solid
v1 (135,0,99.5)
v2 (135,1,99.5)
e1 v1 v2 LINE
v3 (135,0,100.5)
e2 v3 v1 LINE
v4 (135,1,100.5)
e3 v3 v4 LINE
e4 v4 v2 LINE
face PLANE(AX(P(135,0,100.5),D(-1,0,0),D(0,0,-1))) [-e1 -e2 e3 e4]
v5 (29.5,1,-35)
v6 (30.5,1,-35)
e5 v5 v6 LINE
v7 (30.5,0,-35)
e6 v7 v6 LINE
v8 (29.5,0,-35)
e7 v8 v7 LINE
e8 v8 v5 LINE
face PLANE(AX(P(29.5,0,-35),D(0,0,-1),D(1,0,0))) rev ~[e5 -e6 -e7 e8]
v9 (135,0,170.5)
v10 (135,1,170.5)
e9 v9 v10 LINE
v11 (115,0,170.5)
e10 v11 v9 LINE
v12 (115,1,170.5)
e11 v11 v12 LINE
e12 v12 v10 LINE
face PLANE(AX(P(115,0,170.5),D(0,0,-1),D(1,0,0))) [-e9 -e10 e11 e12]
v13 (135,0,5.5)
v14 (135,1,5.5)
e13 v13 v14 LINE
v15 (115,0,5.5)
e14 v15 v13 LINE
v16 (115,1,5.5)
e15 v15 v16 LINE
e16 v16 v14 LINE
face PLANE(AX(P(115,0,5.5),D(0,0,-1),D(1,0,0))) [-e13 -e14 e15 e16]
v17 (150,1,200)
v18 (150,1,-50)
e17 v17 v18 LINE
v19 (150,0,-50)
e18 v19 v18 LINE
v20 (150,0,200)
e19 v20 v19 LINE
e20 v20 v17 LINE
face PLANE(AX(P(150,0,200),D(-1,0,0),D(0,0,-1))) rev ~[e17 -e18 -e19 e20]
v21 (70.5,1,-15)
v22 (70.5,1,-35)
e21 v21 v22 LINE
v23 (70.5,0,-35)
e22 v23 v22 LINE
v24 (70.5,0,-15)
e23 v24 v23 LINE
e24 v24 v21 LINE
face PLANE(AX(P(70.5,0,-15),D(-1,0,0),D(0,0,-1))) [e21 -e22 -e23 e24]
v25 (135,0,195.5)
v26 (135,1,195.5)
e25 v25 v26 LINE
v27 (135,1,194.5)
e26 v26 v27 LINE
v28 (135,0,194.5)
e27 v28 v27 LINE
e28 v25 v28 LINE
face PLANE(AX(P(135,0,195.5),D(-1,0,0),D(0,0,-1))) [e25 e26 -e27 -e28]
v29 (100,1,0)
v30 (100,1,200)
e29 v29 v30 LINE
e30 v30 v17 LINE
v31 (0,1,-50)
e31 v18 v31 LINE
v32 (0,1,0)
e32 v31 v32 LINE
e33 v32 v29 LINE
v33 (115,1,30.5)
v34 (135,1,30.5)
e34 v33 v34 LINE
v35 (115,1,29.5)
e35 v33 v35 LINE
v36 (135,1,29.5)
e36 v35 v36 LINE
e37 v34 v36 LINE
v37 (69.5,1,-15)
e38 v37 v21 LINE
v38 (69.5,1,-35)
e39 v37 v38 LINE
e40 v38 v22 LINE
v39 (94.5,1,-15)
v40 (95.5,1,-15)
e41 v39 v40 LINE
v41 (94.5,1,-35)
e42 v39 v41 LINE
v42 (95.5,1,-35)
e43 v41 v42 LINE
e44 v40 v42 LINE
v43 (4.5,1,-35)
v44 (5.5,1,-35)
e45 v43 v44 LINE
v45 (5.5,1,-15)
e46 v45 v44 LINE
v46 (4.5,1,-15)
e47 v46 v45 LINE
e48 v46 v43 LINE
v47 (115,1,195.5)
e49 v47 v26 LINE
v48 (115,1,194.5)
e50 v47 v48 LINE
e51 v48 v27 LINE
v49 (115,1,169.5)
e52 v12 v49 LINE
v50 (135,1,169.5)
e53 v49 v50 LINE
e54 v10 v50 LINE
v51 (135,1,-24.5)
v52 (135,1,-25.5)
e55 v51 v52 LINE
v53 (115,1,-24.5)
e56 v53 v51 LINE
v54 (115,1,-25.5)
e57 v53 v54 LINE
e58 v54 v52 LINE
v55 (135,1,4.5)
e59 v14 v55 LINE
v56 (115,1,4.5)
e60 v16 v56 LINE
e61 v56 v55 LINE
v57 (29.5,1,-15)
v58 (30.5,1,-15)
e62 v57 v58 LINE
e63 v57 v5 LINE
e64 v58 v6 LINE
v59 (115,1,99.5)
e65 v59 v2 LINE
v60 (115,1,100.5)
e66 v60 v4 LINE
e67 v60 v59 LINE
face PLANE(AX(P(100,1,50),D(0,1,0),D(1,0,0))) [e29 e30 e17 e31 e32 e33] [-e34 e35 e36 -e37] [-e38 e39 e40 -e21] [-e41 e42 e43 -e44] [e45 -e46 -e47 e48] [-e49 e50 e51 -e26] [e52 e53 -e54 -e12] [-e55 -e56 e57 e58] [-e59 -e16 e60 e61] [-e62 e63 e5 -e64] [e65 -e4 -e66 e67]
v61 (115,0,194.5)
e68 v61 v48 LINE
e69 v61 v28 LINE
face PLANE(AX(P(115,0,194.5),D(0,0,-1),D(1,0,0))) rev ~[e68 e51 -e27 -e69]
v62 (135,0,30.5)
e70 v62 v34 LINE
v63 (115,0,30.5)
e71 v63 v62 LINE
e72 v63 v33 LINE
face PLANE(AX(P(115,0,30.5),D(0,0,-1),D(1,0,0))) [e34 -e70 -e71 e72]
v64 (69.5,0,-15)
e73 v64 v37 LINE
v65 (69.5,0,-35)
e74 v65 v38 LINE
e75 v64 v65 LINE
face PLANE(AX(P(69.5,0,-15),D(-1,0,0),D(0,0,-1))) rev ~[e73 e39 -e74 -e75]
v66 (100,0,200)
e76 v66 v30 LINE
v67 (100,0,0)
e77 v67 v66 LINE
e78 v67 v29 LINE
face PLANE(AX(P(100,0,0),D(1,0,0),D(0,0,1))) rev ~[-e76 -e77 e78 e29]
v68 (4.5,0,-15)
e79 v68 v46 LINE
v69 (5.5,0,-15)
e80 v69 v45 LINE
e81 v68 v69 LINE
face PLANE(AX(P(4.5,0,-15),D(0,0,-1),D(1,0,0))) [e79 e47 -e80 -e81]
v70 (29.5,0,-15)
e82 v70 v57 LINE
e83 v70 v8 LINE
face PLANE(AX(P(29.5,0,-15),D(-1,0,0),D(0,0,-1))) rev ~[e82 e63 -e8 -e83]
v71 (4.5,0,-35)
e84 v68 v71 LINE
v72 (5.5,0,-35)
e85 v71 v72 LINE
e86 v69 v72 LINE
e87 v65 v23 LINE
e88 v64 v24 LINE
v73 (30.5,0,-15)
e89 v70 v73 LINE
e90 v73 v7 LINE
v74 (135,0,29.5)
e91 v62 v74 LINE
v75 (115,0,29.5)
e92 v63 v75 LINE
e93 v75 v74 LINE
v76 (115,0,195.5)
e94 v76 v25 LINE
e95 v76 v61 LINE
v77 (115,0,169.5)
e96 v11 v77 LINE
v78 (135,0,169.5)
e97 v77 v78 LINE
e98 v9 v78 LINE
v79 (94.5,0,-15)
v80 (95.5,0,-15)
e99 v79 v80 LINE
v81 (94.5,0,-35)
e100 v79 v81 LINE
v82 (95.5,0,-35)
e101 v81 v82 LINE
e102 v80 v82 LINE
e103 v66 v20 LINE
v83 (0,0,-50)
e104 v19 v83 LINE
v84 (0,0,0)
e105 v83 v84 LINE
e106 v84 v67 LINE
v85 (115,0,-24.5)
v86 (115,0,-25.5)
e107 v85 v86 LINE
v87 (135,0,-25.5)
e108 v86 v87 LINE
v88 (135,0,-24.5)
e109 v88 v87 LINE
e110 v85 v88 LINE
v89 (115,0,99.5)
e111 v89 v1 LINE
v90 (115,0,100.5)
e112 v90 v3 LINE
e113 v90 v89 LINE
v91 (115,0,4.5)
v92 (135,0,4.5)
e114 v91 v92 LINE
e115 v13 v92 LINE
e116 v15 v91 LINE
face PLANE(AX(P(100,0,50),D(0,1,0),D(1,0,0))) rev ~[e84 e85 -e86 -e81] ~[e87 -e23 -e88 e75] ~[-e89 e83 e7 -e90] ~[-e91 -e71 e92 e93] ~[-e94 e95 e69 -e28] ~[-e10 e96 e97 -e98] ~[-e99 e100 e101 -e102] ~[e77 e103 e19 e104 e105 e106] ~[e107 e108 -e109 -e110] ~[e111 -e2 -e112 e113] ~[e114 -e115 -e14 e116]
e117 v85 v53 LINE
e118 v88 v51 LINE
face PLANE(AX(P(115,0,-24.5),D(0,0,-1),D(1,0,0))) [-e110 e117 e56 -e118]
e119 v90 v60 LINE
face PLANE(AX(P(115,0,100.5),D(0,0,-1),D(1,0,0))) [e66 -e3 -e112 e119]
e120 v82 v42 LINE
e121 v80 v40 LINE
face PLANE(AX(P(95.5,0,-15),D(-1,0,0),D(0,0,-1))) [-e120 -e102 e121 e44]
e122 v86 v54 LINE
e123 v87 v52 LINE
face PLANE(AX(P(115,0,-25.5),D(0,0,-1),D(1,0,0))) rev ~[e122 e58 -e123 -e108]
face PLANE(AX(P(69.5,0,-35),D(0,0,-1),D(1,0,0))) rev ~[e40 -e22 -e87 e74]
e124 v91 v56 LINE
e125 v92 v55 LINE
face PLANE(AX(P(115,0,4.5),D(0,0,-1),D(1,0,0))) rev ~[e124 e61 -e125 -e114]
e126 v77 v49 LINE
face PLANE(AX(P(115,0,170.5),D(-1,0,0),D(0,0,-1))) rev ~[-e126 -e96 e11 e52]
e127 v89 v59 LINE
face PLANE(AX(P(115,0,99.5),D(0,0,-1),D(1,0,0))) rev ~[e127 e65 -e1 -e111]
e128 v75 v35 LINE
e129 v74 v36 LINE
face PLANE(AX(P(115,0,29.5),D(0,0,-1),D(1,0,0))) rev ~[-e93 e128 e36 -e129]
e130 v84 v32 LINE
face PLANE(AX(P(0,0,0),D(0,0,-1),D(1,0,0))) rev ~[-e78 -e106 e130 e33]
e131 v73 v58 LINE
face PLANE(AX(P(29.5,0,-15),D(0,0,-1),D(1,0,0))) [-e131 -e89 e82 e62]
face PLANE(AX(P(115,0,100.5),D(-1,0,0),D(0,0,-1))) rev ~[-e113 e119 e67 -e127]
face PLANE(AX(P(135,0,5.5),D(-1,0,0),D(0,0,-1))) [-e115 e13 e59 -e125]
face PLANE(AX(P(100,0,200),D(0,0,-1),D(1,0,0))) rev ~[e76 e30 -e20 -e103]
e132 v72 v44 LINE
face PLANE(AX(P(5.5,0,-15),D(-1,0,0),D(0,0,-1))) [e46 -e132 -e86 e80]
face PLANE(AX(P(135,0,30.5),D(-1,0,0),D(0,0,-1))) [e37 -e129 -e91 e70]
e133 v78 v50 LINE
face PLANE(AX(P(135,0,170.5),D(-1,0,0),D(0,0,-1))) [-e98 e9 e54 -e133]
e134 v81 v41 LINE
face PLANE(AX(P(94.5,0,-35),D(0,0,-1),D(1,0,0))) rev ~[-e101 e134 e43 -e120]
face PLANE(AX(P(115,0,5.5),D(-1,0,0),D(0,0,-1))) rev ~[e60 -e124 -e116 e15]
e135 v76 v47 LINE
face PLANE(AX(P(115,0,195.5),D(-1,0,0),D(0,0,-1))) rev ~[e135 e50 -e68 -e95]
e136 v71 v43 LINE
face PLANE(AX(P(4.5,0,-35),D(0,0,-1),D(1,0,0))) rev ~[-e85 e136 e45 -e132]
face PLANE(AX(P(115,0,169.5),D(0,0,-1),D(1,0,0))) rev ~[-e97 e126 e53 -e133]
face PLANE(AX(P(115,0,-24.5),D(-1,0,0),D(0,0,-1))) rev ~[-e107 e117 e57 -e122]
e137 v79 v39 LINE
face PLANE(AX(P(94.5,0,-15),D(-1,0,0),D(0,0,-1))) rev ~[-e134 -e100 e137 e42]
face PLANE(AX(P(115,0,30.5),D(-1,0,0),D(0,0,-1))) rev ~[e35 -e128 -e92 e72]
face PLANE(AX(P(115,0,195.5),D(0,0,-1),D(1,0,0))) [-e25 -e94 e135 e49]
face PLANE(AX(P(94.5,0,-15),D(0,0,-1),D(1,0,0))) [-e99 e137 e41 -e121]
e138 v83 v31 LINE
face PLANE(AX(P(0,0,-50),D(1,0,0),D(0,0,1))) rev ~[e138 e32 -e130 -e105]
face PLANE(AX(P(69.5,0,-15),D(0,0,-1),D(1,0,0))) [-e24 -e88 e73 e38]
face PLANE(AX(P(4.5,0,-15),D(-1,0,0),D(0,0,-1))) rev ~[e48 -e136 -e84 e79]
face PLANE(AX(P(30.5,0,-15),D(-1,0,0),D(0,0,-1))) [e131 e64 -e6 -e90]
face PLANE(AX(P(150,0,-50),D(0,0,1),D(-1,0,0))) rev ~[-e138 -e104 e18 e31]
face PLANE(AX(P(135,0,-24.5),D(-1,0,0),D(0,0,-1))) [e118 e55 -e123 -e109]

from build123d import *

# Parameters (mm, degrees)
SKETCH1_W           = 1
SKETCH1_H           = 20
SKETCH1_W_2         = 20
SKETCH1_H_2         = 1
BOSS_EXTRUDE1_DEPTH = 1


with BuildPart() as part:
    # Sketch1 → Boss-Extrude1 (new body)
    with BuildSketch(Plane(origin=(0, 0, 0), x_dir=(1, 0, 0), z_dir=(0, 1, 0))):
        Polygon((0, 0), (100, 0), (100, -200), (150, -200), (150, 50), (0, 50), align=None)
        with Locations((5, 25)):
            Rectangle(SKETCH1_W, SKETCH1_H, mode=Mode.SUBTRACT)
        with Locations((30, 25)):
            Rectangle(SKETCH1_W, SKETCH1_H, mode=Mode.SUBTRACT)
        with Locations((95, 25)):
            Rectangle(SKETCH1_W, SKETCH1_H, mode=Mode.SUBTRACT)
        with Locations((125, -5)):
            Rectangle(SKETCH1_W_2, SKETCH1_H_2, mode=Mode.SUBTRACT)
        with Locations((125, -30)):
            Rectangle(SKETCH1_W_2, SKETCH1_H_2, mode=Mode.SUBTRACT)
        with Locations((125, -100)):
            Rectangle(SKETCH1_W_2, SKETCH1_H_2, mode=Mode.SUBTRACT)
        with Locations((125, -195)):
            Rectangle(SKETCH1_W_2, SKETCH1_H_2, mode=Mode.SUBTRACT)
        with Locations((125, -170)):
            Rectangle(SKETCH1_W_2, SKETCH1_H_2, mode=Mode.SUBTRACT)
        with Locations((125, 25)):
            Rectangle(SKETCH1_W_2, SKETCH1_H_2, mode=Mode.SUBTRACT)
        with Locations((70, 25)):
            Rectangle(SKETCH1_W, SKETCH1_H, mode=Mode.SUBTRACT)
    extrude(amount=BOSS_EXTRUDE1_DEPTH)


solid = part.part
